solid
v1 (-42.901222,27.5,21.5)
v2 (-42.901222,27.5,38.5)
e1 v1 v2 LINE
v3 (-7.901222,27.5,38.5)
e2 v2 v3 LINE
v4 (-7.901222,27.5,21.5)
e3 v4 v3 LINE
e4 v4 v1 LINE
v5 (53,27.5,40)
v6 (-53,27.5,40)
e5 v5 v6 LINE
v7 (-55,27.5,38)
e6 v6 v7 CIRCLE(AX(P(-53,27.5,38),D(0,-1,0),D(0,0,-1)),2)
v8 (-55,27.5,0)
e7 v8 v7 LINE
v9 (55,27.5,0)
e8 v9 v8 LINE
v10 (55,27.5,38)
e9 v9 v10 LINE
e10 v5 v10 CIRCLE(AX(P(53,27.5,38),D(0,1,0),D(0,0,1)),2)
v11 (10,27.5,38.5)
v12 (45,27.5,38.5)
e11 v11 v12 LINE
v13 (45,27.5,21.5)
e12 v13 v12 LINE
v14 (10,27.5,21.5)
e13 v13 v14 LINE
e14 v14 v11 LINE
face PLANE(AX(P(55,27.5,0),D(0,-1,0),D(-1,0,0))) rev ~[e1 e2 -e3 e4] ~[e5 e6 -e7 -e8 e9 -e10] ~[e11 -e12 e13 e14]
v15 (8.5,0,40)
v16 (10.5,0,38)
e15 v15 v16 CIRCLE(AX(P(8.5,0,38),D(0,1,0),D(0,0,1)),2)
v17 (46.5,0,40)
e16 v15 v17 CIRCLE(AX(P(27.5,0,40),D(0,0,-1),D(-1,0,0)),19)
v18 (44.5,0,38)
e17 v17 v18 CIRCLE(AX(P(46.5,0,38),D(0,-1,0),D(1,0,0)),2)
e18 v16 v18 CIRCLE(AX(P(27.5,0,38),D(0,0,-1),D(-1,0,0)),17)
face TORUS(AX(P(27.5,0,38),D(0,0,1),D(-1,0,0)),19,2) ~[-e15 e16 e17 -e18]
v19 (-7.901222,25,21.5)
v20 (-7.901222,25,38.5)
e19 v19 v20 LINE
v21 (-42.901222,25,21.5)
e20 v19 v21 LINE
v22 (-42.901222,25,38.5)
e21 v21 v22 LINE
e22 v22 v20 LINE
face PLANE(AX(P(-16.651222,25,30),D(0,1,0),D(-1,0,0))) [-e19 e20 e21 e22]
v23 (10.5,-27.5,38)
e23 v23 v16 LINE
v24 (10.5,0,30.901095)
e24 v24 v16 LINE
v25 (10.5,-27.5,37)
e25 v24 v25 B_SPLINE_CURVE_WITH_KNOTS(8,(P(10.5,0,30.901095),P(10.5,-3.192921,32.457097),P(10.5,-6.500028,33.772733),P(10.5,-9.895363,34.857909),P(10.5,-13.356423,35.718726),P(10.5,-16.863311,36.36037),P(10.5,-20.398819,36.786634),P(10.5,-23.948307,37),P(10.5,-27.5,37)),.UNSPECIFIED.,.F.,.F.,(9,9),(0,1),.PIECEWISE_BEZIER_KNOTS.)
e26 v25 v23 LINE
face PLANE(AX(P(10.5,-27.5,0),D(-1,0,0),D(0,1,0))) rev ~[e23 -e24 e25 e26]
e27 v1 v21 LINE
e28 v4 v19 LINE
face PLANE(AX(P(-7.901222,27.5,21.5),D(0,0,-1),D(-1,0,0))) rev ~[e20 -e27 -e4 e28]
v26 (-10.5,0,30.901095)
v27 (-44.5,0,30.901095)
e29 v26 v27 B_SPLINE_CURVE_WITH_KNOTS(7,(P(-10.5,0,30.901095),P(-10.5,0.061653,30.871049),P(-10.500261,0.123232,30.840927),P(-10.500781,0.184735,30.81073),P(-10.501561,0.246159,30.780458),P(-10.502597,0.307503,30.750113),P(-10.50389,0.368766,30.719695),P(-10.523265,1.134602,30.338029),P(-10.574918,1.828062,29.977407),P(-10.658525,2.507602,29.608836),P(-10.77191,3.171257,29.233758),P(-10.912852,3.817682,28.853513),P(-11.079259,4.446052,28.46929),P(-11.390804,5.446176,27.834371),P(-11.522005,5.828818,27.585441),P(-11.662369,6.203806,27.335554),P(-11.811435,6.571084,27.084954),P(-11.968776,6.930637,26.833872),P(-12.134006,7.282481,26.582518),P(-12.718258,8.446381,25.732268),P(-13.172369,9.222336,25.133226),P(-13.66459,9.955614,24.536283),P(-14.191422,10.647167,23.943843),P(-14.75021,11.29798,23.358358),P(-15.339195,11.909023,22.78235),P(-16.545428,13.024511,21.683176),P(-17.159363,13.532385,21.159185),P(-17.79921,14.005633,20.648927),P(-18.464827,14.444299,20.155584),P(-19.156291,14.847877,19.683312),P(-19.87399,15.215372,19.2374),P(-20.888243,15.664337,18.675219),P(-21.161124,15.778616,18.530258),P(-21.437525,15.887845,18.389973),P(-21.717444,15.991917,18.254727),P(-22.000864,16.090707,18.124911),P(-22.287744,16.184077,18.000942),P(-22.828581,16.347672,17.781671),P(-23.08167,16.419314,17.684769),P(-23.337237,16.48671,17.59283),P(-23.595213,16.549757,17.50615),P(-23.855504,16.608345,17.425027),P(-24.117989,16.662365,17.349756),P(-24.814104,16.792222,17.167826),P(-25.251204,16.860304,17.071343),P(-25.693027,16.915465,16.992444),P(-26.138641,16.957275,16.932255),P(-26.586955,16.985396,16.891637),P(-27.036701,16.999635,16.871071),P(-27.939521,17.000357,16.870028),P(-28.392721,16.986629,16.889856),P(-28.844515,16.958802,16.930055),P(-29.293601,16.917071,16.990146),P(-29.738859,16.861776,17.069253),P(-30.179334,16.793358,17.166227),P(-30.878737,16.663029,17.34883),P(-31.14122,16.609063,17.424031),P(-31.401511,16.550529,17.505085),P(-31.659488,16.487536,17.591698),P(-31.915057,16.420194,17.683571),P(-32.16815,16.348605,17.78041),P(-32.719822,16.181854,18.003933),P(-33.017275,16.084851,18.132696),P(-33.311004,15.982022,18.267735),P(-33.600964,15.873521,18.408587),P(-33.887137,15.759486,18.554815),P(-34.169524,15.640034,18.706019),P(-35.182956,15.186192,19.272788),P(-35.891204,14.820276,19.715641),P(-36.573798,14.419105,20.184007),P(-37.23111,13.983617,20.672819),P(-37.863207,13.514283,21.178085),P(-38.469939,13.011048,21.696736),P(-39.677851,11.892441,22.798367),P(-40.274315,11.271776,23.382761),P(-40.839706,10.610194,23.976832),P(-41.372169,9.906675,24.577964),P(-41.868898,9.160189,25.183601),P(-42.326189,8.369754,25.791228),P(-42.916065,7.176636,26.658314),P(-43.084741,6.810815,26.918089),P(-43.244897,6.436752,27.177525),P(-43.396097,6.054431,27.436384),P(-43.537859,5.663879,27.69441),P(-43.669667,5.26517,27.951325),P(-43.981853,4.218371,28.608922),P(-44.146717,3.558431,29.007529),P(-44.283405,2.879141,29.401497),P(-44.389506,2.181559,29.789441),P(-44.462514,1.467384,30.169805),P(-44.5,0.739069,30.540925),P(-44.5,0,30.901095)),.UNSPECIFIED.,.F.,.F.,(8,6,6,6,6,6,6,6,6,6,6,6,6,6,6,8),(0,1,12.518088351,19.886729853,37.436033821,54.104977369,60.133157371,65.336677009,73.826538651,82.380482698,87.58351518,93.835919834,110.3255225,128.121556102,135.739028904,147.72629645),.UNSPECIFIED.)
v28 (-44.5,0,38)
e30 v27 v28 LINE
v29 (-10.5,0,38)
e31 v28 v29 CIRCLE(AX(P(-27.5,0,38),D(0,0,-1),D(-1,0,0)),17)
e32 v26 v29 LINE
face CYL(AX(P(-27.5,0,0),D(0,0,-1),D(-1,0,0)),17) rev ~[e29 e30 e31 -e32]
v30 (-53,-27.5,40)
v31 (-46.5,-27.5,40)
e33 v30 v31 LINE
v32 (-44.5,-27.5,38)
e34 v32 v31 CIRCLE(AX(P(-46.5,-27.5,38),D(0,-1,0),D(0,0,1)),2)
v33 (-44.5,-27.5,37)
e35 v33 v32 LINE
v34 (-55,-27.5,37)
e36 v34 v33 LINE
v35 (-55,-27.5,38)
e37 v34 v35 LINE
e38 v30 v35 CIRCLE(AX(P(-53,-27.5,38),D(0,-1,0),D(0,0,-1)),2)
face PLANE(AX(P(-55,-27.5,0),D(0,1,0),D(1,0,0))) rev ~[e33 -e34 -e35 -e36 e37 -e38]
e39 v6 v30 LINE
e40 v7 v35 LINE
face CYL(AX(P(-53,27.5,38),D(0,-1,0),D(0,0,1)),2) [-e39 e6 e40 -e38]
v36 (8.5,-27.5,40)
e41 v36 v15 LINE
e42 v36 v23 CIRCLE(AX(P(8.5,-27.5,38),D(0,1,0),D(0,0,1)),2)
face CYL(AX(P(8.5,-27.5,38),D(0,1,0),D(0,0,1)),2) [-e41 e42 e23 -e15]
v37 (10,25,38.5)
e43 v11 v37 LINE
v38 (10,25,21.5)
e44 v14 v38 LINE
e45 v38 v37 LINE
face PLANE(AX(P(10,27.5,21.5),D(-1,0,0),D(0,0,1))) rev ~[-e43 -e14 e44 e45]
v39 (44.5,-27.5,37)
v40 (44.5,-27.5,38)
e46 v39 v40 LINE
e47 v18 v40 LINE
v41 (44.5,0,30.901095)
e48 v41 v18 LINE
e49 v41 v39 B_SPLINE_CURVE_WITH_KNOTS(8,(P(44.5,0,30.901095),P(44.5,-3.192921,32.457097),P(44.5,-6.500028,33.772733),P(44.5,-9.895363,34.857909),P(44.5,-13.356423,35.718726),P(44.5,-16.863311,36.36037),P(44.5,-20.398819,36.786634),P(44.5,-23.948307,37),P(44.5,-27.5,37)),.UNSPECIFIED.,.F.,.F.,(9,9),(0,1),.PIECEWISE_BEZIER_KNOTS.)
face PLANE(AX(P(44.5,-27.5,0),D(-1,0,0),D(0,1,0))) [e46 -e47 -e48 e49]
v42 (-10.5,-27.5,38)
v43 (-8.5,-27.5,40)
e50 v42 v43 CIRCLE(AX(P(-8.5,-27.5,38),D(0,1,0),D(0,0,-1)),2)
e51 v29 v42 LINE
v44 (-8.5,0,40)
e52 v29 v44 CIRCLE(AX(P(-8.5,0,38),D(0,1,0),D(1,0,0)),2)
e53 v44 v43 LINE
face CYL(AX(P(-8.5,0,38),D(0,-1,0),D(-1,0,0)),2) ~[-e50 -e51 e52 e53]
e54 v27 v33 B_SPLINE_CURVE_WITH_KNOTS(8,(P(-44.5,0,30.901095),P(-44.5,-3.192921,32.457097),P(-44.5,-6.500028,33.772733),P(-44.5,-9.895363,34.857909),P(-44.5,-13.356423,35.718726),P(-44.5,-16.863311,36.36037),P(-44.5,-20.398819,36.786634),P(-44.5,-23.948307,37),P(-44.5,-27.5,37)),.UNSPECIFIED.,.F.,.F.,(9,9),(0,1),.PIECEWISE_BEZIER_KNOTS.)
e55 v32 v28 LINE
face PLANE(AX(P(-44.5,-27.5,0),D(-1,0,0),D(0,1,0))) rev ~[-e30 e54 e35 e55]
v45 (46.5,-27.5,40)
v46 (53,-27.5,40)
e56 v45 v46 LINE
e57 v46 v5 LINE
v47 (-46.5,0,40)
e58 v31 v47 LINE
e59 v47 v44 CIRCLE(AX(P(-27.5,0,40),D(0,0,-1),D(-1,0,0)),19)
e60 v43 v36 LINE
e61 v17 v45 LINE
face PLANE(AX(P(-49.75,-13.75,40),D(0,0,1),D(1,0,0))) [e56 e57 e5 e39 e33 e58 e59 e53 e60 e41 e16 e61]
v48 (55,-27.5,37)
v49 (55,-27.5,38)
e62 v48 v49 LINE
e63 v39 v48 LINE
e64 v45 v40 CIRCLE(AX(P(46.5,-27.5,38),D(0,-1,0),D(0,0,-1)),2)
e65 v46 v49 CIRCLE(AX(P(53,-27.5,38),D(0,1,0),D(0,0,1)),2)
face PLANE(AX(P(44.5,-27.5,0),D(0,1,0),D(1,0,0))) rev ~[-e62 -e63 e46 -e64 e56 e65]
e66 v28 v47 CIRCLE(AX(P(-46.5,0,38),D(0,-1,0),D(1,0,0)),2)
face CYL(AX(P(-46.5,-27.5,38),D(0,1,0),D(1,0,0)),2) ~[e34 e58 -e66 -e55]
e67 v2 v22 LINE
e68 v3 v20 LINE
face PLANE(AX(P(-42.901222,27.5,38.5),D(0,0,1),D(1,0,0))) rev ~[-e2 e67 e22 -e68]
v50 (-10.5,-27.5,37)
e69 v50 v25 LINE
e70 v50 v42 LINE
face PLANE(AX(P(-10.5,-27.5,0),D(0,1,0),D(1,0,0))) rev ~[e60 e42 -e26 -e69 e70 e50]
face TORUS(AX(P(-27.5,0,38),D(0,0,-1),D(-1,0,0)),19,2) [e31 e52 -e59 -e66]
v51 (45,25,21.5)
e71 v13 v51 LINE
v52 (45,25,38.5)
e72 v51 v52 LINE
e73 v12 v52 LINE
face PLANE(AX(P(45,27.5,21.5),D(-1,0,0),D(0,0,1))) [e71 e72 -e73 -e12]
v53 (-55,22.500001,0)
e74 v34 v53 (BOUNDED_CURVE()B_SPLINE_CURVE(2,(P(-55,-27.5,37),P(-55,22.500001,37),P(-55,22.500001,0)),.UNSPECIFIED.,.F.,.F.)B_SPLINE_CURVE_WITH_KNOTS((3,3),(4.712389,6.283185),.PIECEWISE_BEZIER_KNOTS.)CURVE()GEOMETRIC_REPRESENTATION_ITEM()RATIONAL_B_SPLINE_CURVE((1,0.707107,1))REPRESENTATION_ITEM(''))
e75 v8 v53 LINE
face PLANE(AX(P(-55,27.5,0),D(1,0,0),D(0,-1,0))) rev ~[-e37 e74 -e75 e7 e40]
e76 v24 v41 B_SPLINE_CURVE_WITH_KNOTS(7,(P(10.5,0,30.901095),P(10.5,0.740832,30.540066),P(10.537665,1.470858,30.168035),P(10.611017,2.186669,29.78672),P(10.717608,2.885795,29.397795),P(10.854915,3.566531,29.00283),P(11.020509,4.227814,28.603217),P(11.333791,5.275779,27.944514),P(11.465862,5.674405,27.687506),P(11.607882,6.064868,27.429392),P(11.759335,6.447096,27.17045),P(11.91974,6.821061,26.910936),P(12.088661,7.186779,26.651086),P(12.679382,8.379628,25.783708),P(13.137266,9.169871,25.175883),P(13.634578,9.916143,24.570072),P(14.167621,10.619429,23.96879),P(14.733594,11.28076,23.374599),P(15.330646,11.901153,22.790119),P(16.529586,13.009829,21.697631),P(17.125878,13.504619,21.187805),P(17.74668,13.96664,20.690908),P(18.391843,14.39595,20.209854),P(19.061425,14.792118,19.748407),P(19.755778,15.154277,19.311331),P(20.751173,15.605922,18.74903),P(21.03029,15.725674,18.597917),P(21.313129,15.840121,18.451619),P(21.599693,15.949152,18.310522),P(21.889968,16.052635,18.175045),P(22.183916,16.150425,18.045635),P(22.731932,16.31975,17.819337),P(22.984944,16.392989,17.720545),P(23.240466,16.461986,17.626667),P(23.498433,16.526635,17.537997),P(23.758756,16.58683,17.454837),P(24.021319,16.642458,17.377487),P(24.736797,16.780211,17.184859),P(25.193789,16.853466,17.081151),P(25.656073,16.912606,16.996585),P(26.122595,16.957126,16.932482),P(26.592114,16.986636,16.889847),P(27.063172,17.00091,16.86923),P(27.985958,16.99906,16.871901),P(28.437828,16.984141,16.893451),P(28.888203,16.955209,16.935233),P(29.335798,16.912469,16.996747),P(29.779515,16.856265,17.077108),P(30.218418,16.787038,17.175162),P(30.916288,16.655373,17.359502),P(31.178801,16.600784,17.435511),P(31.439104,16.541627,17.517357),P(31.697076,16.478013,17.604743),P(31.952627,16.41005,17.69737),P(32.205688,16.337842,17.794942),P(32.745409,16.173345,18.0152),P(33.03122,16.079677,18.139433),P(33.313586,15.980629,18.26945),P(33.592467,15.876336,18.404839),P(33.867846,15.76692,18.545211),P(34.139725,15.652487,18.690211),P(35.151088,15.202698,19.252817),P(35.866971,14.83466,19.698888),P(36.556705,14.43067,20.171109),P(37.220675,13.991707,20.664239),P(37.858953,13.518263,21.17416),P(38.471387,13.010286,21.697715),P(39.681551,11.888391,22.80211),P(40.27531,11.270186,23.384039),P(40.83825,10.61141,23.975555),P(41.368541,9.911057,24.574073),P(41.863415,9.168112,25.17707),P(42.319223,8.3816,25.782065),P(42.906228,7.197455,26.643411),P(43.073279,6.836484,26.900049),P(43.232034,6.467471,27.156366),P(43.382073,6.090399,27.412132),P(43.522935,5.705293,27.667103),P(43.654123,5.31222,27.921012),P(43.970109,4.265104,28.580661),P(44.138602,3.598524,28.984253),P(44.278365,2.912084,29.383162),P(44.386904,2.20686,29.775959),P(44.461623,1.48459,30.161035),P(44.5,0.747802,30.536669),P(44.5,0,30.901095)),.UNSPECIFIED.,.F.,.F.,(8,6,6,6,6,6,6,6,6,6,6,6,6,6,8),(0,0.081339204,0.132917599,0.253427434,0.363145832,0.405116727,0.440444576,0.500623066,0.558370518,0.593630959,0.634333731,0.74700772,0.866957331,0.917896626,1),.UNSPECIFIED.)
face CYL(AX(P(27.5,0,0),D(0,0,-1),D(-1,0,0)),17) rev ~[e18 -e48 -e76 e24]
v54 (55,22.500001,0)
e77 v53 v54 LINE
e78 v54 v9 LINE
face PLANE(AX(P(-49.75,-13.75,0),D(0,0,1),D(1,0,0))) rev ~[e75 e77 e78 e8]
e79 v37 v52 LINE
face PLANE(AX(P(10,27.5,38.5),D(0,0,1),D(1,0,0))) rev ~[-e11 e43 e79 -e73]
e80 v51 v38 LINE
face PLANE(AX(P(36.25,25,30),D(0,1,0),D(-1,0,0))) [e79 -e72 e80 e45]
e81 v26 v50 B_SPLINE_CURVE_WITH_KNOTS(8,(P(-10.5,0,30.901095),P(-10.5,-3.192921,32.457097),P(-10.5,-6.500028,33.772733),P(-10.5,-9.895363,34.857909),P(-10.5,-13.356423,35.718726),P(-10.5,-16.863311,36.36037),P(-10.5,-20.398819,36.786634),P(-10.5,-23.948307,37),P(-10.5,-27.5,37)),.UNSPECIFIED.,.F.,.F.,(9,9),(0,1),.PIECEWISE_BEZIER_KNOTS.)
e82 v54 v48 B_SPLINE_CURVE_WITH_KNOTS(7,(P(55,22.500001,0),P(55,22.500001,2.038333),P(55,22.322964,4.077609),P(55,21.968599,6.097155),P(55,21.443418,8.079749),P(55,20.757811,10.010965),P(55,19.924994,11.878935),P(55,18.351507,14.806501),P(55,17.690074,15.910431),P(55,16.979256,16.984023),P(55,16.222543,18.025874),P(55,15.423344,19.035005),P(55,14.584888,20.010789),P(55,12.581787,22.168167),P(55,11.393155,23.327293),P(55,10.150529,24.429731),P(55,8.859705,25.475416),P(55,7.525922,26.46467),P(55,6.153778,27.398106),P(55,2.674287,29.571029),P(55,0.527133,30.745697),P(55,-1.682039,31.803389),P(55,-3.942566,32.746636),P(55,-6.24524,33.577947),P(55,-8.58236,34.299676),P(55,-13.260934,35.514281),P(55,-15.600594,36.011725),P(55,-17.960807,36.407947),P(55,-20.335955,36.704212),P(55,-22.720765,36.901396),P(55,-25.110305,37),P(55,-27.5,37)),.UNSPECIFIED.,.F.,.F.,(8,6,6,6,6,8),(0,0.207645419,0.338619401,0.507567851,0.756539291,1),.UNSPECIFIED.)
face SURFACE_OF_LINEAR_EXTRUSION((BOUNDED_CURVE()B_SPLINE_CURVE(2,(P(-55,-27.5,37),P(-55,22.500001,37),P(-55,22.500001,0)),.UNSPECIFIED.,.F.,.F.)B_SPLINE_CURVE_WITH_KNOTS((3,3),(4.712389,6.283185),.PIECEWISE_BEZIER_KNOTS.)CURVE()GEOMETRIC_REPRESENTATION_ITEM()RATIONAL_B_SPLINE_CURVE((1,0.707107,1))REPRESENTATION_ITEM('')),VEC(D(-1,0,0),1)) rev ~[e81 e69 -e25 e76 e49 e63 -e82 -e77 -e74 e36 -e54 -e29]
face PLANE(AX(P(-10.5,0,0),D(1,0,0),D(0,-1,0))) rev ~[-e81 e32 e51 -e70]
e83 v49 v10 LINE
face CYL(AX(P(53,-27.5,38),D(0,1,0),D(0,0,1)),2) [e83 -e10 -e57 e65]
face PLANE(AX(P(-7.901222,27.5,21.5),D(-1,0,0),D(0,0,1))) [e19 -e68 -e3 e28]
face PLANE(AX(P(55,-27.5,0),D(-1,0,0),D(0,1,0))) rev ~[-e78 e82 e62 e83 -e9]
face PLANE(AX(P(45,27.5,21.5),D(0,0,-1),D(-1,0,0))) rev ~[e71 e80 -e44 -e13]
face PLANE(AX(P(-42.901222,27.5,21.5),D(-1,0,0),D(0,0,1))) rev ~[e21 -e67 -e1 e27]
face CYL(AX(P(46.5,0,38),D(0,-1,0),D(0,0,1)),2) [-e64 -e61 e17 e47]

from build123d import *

# Parameters (mm, degrees)
F0_W     = 10.5
F0_H     = 27.5
F1_DEPTH = 40
F3_DEPTH = 120.3
F4_W     = 17.5
F4_H     = 17
F5_DEPTH = 2.5
F6_R     = 2


with BuildPart() as f1:
    # F0 (on Top) → F1 (new body)
    with BuildSketch(Plane.XY):
        with Locations((-49.75, -13.75)):
            Rectangle(F0_W, F0_H)
        with BuildLine():
            Line((55, 0), (55, 27.5))
            Line((55, 27.5), (-55, 27.5))
            Line((-55, 27.5), (-55, 0))
            Line((-55, 0), (-44.5, 0))
            ThreePointArc((-44.5, 0), (-27.5, 17), (-10.5, 0))
            Line((-10.5, 0), (0, 0))
            Line((0, 0), (10.5, 0))
            ThreePointArc((10.5, 0), (27.5, 17), (44.5, 0))
            Line((44.5, 0), (55, 0))
        make_face()
        Polygon((10.5, -27.5), (10.5, 0), (0, 0), (-10.5, 0), (-10.5, -27.5), align=None)
        with Locations((49.75, -13.75)):
            Rectangle(F0_W, F0_H)
    extrude(amount=F1_DEPTH)

    # F2 (on face) → F3 (cut)
    with BuildSketch(Plane(origin=(-55, 0, 0), x_dir=(0, -1, 0), z_dir=(-1, 0, 0))):
        with BuildLine():
            add(Edge.make_bspline(
                [(27.5, 37), (-22.500001, 37), (-22.500001, 0)],
                knots=[4.712389, 4.712389, 4.712389, 6.283185, 6.283185, 6.283185], degree=2, weights=[1, 0.707107, 1]))
            Line((-22.500001, 0), (27.5, 0))
            Line((27.5, 0), (27.5, 37))
        make_face()
    extrude(amount=-F3_DEPTH, mode=Mode.SUBTRACT)

    # F4 (on face) → F5 (cut)
    with BuildSketch(Plane(origin=(0, 27.5, 0), x_dir=(-1, 0, 0), z_dir=(0, 1, 0))):
        with Locations((-36.25, 30)):
            Rectangle(F4_W, F4_H)
        with Locations((-18.75, 30)):
            Rectangle(F4_W, F4_H)
        with Locations((16.651222, 30)):
            Rectangle(F4_W, F4_H)
        with Locations((34.151222, 30)):
            Rectangle(F4_W, F4_H)
    extrude(amount=-F5_DEPTH, mode=Mode.SUBTRACT)

    # F6
    f6_edges = [f1.edges().sort_by_distance(p)[0] for p in [
        (-44.5, -13.75, 40),
        (10.5, -13.75, 40),
        (55, 0, 40),
        (-55, 0, 40),
    ]]
    fillet(f6_edges, radius=F6_R)


solid = f1.part
